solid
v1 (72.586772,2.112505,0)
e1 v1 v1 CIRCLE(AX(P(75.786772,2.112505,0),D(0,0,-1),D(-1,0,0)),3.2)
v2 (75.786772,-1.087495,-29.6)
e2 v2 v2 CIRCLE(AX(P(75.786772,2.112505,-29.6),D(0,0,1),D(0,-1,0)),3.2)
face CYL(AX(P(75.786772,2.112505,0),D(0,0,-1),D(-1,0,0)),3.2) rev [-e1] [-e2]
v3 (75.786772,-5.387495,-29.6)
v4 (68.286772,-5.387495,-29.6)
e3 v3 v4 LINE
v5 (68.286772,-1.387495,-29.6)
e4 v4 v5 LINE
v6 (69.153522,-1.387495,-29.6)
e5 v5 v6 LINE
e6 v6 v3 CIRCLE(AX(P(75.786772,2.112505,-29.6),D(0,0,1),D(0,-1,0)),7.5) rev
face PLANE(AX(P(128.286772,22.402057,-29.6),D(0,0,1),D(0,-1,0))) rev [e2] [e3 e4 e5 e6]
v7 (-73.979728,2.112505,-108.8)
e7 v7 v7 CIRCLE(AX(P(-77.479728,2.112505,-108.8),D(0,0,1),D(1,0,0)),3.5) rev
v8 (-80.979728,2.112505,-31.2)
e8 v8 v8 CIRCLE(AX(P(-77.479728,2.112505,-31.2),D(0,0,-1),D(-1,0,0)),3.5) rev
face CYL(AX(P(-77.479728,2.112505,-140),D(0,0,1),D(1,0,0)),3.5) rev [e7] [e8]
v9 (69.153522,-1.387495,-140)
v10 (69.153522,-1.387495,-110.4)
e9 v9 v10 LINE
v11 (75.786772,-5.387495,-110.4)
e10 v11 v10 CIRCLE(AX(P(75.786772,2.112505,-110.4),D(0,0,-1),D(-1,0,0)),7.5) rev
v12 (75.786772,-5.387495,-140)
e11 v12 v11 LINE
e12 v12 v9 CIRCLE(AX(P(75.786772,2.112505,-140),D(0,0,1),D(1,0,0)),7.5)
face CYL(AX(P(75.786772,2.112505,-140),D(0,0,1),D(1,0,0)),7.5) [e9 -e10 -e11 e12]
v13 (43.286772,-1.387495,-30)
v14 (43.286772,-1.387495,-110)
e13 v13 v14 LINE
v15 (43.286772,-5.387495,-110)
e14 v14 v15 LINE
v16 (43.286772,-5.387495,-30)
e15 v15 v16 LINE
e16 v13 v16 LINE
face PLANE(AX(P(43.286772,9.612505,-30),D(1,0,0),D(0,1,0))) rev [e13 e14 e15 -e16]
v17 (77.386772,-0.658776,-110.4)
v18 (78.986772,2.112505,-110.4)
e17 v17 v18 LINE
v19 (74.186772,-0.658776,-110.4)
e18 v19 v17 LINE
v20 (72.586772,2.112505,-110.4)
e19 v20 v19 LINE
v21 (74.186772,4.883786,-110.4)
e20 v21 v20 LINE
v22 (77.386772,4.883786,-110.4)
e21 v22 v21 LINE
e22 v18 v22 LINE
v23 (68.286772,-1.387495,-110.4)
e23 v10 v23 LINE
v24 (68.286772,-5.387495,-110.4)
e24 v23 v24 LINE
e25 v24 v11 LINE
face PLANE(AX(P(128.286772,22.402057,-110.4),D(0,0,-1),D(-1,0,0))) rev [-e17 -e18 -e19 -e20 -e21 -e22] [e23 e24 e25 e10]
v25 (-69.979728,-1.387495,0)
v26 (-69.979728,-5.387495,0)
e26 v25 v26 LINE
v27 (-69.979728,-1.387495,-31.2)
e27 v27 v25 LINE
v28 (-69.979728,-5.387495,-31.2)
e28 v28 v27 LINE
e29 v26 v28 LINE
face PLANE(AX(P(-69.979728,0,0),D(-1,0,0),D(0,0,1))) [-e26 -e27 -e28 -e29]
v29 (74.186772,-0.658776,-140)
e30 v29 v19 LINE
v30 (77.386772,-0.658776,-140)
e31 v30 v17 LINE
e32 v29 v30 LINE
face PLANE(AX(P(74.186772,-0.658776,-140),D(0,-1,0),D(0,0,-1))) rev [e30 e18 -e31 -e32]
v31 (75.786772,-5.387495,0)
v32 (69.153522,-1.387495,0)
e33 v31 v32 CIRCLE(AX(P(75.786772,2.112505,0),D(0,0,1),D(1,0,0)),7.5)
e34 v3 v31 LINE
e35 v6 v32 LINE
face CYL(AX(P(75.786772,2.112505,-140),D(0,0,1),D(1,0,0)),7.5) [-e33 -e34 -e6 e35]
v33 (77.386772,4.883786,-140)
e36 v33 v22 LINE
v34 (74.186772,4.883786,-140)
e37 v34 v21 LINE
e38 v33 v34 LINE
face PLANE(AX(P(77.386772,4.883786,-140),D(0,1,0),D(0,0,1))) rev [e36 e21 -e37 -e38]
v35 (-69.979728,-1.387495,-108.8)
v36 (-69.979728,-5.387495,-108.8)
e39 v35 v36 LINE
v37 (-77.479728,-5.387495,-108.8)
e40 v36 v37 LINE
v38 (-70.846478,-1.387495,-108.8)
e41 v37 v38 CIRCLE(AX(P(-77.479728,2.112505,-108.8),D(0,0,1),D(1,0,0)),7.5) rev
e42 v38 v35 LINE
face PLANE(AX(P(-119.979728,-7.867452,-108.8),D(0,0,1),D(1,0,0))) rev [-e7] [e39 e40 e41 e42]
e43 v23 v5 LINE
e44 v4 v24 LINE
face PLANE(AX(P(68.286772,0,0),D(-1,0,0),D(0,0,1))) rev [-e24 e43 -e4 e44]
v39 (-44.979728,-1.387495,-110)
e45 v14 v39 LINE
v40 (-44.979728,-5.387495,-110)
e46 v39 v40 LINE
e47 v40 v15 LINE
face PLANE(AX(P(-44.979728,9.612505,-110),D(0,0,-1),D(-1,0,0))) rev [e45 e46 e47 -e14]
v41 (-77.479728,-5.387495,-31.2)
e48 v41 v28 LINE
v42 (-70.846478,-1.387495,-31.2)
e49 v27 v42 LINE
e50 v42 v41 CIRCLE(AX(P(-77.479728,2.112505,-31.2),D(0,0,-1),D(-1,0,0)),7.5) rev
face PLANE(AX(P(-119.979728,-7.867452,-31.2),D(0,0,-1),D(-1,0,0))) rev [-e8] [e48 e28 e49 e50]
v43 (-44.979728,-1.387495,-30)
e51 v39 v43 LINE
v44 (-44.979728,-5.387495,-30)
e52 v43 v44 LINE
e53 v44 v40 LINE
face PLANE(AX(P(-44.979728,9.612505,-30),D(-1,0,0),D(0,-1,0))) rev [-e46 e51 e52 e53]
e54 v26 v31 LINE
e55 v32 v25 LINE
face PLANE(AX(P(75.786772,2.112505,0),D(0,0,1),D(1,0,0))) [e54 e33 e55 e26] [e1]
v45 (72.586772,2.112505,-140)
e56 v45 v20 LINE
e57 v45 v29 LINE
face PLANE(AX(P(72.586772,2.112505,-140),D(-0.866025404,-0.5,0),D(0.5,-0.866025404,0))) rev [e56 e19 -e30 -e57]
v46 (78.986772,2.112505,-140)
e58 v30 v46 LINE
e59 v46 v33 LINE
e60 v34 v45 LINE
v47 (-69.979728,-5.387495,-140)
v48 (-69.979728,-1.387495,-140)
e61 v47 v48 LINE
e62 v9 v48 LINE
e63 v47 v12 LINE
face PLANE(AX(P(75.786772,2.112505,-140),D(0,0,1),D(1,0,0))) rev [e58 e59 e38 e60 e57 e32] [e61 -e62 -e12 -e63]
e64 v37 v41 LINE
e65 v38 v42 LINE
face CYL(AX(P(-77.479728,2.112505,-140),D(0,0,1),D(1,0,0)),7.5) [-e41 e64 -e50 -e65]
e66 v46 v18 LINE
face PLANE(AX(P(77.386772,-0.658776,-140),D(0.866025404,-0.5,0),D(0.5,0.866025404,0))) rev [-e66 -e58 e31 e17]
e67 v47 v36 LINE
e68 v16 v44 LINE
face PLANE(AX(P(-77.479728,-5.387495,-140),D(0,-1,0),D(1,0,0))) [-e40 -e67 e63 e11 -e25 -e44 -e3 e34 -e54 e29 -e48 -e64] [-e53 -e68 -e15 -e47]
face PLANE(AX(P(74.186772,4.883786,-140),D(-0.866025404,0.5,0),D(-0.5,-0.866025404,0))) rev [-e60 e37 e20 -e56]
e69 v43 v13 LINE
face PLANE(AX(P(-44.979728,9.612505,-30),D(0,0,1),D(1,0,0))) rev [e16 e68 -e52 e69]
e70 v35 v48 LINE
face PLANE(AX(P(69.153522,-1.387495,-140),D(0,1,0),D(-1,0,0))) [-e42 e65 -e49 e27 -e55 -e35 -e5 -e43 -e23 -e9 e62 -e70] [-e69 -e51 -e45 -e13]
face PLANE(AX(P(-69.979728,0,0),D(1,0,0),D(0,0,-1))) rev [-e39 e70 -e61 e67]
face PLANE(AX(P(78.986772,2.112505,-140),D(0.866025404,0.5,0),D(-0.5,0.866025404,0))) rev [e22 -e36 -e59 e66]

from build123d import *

# Parameters (mm, degrees)
SKETCH_1_R          = 3.5
EXTRUDE_1_DEPTH     = 140
SKETCH_2_W          = 31.2
SKETCH_2_H          = 17.479956732
CUT_EXTRUDE_1_DEPTH = 50
CUT_EXTRUDE_2_DEPTH = 60
SKETCH_4_R          = 3.2
CUT_EXTRUDE_3_DEPTH = 140.649970789
SKETCH_5_W          = 88.266499161
SKETCH_5_H          = 80
CUT_EXTRUDE_4_DEPTH = 165.458365818


with BuildPart() as part:
    # 草图1 → 凸台-拉伸1 (new body)
    with BuildSketch(Plane.XY):
        with BuildLine():
            Line((-77.479727509, -5.387494924), (75.786771652, -5.387494924))
            ThreePointArc((75.786771652, -5.387494924), (79.659754999, 8.535121366), (69.153522072, -1.387494924))
            Line((69.153522072, -1.387494924), (-70.846477928, -1.387494924))
            ThreePointArc((-70.846477928, -1.387494924), (-81.352710855, 8.535121366), (-77.479727509, -5.387494924))
        make_face()
        with Locations((-77.479727509, 2.112505076)):
            Circle(SKETCH_1_R, mode=Mode.SUBTRACT)
        Polygon((77.386771652, 4.883786368), (74.186771652, 4.883786368), (72.586771652, 2.112505076), (74.186771652, -0.658776216), (77.386771652, -0.658776216), (78.986771652, 2.112505076), align=None, mode=Mode.SUBTRACT)
    extrude(amount=-EXTRUDE_1_DEPTH)

    # 草图2 → 切除-拉伸1 (cut)
    with BuildSketch(Plane(origin=(-69.979727509, 0, 0), x_dir=(0, 0, -1), z_dir=(1, 0, 0))):
        with Locations((15.6, 0.87252671)):
            Rectangle(SKETCH_2_W, SKETCH_2_H)
        with Locations((124.4, 0.87252671)):
            Rectangle(SKETCH_2_W, SKETCH_2_H)
    extrude(amount=-CUT_EXTRUDE_1_DEPTH, mode=Mode.SUBTRACT)

    # 草图3 → 切除-拉伸2 (cut)
    with BuildSketch(Plane.ZY.offset(-68.286771652)):
        Polygon((-109.6, -19.072953763), (-30.4, -19.072953763), (-29.6, -19.072953763), (-29.6, 22.402056511), (-29.61, 22.402056511), (-110.39, 22.402056511), (-110.4, 22.402056511), (-110.4, -19.072953763), align=None)
    extrude(amount=-CUT_EXTRUDE_2_DEPTH, mode=Mode.SUBTRACT)

    # 草图4 → 切除-拉伸3 (cut, through all)
    with BuildSketch(Plane(origin=(0, 0, -29.6), x_dir=(-1, 0, 0), z_dir=(0, 0, -1))):
        with Locations((-75.786771652, 2.112505076)):
            Circle(SKETCH_4_R)
    extrude(amount=-CUT_EXTRUDE_3_DEPTH, mode=Mode.SUBTRACT)

    # 草图5 → 切除-拉伸4 (cut, through all)
    with BuildSketch(Plane.XZ.offset(5.387494924)):
        with Locations((-0.846477928, -70)):
            Rectangle(SKETCH_5_W, SKETCH_5_H)
    extrude(amount=-CUT_EXTRUDE_4_DEPTH, mode=Mode.SUBTRACT)


solid = part.part
